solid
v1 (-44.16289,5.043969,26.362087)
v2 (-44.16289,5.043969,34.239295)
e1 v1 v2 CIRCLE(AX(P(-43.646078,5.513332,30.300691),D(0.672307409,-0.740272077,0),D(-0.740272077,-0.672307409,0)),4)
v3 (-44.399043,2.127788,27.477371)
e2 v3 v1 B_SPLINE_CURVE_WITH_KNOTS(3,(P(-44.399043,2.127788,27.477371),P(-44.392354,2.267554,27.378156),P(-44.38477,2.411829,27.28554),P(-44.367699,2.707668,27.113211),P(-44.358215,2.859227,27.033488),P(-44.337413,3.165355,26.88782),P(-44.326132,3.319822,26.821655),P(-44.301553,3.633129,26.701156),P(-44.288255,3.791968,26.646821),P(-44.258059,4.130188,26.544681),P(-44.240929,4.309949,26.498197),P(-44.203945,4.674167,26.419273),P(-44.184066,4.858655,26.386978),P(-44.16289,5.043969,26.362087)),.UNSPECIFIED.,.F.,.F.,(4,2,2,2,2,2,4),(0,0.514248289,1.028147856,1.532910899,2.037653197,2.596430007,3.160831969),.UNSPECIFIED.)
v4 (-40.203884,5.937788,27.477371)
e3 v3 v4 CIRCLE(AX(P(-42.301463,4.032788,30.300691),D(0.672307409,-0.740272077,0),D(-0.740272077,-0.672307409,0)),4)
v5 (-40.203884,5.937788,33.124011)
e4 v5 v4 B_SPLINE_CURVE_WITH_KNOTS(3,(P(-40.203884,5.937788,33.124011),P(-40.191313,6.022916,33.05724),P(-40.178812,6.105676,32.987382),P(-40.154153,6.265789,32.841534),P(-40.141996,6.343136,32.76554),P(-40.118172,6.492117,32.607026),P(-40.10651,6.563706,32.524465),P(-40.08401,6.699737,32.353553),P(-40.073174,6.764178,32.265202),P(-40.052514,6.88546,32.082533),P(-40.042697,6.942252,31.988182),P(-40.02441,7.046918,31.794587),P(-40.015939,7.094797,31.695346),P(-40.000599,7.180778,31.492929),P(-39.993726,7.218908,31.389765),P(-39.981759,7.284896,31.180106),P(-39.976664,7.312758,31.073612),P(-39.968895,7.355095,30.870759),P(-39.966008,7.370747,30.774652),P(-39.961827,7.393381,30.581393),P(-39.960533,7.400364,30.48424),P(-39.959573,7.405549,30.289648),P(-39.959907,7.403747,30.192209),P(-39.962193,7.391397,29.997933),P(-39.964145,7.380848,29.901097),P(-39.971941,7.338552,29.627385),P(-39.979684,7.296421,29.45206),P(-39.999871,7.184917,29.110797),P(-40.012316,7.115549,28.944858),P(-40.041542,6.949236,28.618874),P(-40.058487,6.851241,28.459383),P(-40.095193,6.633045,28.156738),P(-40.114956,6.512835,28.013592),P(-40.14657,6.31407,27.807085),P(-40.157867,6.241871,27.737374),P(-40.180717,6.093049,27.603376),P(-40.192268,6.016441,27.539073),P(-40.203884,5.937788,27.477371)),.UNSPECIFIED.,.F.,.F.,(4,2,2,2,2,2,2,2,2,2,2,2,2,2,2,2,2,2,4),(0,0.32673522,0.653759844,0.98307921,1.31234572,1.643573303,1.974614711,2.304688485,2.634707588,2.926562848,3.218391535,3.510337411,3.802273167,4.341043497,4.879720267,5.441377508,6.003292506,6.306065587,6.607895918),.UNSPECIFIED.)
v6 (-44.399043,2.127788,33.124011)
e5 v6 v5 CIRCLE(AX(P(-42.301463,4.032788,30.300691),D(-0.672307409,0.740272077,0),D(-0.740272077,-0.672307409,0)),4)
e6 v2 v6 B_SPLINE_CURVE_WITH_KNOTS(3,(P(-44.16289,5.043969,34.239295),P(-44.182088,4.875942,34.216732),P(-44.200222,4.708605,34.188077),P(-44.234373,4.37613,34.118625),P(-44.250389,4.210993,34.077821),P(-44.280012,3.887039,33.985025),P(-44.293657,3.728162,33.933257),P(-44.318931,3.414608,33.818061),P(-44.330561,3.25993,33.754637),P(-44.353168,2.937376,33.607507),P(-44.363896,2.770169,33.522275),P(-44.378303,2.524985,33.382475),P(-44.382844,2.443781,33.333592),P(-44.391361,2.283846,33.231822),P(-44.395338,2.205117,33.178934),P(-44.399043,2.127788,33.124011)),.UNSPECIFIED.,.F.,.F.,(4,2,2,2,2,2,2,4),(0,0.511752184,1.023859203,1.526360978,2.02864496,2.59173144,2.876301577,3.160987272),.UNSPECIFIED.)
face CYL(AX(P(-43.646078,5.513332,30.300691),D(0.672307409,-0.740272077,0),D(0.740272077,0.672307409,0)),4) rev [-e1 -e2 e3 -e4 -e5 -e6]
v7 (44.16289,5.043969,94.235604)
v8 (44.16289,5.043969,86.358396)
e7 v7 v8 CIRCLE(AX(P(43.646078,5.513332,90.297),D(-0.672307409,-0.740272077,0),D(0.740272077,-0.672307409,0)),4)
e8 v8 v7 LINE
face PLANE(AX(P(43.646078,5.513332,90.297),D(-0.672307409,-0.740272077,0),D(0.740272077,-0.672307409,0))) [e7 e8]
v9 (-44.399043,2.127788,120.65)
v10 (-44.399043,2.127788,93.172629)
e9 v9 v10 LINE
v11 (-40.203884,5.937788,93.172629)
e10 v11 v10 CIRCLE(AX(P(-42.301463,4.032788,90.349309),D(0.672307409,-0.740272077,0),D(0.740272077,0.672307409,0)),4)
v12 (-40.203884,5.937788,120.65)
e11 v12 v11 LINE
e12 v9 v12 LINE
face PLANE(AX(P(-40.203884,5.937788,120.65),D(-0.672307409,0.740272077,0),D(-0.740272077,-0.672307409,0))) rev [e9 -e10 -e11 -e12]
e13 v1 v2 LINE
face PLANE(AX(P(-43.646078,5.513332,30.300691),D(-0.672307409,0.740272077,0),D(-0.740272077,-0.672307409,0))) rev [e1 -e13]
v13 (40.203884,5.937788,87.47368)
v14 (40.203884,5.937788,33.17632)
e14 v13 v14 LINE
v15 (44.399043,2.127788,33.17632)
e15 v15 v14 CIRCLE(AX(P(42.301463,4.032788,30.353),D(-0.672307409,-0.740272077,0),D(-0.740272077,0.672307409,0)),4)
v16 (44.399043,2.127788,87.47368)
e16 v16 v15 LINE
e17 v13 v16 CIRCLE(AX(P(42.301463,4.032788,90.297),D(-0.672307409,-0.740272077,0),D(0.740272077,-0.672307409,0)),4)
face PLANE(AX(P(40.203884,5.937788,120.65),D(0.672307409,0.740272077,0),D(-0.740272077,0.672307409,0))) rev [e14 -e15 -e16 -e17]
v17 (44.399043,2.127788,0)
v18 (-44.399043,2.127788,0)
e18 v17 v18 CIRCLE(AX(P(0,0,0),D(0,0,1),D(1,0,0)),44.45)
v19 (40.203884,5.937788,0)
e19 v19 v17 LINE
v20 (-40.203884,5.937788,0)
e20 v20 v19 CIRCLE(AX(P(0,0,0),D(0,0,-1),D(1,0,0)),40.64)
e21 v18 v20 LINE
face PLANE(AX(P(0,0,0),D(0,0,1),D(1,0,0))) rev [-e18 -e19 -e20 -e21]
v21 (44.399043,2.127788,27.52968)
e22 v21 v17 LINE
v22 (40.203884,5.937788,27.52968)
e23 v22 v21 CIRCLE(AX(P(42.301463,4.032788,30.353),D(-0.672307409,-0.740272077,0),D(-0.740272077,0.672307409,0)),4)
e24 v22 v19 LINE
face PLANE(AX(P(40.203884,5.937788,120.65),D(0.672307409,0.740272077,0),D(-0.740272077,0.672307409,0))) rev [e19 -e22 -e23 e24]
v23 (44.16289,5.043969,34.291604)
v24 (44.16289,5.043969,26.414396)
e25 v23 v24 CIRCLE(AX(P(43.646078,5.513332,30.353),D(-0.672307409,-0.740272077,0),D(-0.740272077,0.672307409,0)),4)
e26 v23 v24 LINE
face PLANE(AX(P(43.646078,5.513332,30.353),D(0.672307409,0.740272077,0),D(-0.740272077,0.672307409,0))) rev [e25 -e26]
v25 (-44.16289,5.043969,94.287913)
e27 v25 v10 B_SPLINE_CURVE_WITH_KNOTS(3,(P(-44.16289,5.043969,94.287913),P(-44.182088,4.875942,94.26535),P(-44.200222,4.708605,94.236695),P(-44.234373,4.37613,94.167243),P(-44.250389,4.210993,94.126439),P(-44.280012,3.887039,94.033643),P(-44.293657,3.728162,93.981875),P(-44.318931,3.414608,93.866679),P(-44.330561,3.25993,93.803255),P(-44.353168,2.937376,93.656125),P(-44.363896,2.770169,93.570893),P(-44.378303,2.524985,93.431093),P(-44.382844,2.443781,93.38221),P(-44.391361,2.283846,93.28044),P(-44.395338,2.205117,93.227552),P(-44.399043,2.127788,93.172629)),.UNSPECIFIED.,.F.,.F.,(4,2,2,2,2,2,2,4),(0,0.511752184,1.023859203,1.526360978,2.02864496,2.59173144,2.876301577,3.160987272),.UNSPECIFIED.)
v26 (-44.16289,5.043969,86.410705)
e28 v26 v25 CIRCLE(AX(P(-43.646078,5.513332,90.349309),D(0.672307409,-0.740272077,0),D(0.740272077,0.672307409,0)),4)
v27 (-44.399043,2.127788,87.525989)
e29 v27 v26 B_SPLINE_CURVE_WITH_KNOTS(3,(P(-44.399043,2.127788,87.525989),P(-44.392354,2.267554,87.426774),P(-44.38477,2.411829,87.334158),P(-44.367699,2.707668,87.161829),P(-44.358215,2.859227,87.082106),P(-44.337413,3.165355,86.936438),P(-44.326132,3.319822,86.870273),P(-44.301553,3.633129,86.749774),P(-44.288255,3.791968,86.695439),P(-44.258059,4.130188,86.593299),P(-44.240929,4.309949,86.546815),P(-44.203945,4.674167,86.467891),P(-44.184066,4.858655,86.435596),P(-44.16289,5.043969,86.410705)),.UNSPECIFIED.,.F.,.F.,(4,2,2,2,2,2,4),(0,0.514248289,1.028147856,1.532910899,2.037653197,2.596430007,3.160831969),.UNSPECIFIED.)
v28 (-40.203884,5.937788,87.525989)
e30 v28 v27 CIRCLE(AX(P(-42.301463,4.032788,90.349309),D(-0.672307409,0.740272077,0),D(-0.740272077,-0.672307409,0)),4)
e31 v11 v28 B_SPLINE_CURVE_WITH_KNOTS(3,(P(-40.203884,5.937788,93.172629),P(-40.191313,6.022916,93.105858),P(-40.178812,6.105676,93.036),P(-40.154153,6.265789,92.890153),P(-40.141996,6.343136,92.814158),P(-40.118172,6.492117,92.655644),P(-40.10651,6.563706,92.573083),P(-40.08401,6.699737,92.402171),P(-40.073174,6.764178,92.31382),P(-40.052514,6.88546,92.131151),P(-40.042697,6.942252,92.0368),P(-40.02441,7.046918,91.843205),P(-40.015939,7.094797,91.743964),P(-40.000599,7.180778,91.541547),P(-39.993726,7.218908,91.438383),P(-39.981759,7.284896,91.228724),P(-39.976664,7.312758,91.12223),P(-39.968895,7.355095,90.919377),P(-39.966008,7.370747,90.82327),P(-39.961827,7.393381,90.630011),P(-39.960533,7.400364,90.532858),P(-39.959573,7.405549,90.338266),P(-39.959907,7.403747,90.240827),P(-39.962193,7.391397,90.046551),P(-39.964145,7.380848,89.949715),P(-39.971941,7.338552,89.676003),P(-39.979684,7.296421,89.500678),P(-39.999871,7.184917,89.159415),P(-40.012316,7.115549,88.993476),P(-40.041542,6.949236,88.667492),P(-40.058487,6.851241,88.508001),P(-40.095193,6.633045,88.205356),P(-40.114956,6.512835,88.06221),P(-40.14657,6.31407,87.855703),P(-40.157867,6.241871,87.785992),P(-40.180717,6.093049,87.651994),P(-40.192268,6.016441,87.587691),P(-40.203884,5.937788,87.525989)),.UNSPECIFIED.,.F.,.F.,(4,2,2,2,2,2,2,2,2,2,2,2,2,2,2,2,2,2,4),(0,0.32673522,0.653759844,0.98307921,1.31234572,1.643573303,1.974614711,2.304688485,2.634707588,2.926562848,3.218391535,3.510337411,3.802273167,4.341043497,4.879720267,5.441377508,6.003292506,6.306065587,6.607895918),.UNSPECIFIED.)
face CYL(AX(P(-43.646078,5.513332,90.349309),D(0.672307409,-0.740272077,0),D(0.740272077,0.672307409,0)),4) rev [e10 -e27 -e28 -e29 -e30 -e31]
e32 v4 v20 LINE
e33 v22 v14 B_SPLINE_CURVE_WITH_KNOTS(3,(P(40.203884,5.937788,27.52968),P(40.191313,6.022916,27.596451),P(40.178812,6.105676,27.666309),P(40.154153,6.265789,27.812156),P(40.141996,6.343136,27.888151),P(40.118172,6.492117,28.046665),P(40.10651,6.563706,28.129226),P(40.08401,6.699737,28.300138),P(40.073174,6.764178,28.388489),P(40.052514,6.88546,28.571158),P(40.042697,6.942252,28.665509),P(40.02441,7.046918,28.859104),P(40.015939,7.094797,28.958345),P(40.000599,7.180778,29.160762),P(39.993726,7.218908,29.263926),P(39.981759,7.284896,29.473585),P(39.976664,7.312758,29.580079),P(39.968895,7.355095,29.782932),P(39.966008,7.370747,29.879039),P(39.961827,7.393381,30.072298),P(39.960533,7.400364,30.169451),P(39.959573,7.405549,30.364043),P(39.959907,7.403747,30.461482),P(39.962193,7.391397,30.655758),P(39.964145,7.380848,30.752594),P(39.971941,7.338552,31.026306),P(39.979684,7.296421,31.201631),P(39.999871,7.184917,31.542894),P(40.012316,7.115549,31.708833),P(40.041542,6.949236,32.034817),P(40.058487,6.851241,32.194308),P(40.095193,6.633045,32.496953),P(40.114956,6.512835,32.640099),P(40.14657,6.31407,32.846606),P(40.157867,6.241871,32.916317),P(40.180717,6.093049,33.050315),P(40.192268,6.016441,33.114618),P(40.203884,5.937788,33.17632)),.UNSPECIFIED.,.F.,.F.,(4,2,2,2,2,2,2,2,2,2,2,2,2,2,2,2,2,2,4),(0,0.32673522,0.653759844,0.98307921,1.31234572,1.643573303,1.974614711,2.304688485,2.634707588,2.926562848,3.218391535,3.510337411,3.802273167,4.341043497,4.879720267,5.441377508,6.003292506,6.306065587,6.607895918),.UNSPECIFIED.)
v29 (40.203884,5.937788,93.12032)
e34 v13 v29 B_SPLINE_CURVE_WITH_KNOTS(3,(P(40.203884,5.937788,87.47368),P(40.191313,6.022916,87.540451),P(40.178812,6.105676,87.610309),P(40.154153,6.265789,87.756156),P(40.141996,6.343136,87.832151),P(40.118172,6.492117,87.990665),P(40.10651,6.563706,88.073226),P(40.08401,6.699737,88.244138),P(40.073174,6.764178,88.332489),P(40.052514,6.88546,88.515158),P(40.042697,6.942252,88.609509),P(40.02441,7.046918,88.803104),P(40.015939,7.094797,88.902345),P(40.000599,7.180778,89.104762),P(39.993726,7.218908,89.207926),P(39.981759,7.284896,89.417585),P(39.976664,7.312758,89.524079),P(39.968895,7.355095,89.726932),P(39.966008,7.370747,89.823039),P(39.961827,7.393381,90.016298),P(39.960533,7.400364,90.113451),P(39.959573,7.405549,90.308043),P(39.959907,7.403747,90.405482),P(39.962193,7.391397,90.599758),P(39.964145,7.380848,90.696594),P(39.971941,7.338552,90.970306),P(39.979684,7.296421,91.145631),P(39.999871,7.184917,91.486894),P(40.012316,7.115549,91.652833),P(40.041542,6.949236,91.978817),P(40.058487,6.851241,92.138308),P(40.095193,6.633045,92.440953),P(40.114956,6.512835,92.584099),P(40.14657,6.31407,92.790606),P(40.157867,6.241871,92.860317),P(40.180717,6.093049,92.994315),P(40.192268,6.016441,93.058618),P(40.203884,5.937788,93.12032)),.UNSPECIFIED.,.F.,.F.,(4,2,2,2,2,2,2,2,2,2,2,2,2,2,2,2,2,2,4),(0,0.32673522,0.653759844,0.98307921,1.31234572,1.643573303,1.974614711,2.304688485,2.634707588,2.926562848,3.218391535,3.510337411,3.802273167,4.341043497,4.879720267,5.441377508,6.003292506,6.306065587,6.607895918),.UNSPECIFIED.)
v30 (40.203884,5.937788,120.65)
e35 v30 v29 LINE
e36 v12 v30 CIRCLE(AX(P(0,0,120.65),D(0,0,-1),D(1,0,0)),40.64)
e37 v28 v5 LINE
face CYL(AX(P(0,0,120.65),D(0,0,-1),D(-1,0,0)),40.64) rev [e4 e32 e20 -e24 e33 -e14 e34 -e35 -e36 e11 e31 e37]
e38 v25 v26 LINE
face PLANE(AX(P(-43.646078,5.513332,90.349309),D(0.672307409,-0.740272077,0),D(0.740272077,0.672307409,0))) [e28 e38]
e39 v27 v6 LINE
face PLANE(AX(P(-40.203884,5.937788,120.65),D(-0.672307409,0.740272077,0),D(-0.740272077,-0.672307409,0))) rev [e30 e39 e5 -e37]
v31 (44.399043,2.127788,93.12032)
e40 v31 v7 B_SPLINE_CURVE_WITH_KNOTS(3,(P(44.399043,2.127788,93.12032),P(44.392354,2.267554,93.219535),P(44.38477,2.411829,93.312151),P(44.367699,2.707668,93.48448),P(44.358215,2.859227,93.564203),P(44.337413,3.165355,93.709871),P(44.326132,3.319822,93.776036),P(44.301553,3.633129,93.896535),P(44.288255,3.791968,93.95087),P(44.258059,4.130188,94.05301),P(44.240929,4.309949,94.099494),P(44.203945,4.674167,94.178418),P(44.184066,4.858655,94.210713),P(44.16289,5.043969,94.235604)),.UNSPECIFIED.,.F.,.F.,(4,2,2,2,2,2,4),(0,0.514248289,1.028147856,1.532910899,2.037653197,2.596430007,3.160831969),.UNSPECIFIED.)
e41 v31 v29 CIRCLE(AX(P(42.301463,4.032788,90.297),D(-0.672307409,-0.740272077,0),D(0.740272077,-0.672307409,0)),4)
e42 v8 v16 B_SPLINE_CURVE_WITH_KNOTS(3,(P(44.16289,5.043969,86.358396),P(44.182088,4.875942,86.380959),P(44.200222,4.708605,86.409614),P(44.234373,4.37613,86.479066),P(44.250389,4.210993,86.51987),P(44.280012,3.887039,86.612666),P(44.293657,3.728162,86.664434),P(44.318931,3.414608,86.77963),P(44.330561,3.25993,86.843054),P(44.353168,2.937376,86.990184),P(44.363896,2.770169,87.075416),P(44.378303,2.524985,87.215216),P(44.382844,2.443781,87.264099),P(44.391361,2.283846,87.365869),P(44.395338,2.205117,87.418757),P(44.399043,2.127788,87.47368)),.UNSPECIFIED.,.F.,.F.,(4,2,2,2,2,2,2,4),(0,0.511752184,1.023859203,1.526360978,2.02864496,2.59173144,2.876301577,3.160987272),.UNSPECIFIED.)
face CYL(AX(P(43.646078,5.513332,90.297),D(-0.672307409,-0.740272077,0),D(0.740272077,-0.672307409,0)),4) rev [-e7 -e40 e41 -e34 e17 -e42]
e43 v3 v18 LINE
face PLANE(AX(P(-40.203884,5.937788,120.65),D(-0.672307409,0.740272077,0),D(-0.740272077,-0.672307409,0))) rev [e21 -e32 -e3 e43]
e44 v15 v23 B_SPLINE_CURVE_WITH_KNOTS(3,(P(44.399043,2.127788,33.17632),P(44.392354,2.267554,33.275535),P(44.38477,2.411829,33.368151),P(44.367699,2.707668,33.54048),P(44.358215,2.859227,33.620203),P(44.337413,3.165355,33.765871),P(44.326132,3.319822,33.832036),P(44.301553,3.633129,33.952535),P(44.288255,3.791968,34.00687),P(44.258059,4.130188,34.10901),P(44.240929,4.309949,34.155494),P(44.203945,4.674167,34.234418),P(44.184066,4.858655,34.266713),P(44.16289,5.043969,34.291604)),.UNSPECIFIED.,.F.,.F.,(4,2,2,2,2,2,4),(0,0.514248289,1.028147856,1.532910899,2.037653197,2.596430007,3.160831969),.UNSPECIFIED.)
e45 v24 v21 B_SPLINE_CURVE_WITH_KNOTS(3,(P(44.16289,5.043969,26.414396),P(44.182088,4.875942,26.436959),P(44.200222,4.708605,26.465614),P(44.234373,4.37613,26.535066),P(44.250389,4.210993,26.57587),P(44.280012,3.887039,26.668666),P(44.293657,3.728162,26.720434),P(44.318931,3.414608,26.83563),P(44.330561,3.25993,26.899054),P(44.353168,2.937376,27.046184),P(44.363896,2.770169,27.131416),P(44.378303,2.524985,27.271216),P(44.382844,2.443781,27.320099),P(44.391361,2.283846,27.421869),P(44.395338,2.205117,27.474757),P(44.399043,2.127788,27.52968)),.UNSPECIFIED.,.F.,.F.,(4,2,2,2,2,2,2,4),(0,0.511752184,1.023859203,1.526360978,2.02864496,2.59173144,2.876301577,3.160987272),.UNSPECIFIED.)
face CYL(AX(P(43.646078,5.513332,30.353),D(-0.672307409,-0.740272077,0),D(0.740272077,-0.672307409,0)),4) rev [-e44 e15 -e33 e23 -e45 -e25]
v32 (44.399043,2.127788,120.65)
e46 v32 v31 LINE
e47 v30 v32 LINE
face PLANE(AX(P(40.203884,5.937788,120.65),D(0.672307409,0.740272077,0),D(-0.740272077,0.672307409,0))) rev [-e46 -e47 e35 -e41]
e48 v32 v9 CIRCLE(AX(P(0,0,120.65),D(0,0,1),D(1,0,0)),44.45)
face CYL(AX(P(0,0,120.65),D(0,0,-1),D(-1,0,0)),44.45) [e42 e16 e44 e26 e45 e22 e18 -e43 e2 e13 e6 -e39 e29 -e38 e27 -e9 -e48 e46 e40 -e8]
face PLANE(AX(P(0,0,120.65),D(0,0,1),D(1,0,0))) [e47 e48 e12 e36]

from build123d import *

# Parameters (mm, degrees)
BOSS_EXTRUDE1_DEPTH = 120.65
SKETCH2_R           = 4
CUT_EXTRUDE1_DEPTH  = 2
SKETCH3_R           = 4
CUT_EXTRUDE2_DEPTH  = 2


with BuildPart() as part:
    # Sketch1 → Boss-Extrude1 (new body)
    with BuildSketch(Plane.XY):
        with BuildLine():
            Line((-40.203883769, 5.937788296), (-44.399042974, 2.127788296))
            ThreePointArc((-44.399042974, 2.127788296), (0, 44.45), (44.399042974, 2.127788296))
            Line((44.399042974, 2.127788296), (40.203883769, 5.937788296))
            ThreePointArc((40.203883769, 5.937788296), (0, 40.64), (-40.203883769, 5.937788296))
        make_face()
    extrude(amount=BOSS_EXTRUDE1_DEPTH)

    # Sketch2 → Cut-Extrude1 (cut)
    with BuildSketch(Plane(origin=(-21.127225221, 23.263011377, 0), x_dir=(0.7402720771062566, 0.6723074087475077, 0), z_dir=(0.6723074087475077, -0.7402720771062566, 0))):
        with Locations((-28.603318705, 90.349309036)):
            Circle(SKETCH2_R)
        with Locations((-28.603318705, 30.300690964)):
            Circle(SKETCH2_R)
    extrude(amount=-CUT_EXTRUDE1_DEPTH, mode=Mode.SUBTRACT)

    # Sketch3 → Cut-Extrude2 (cut)
    with BuildSketch(Plane(origin=(21.127225221, 23.263011377, 0), x_dir=(0.7402720771062566, -0.6723074087475077, 0), z_dir=(-0.6723074087475077, -0.7402720771062566, 0))):
        with Locations((28.603318705, 90.297)):
            Circle(SKETCH3_R)
        with Locations((28.603318705, 30.353)):
            Circle(SKETCH3_R)
    extrude(amount=-CUT_EXTRUDE2_DEPTH, mode=Mode.SUBTRACT)


solid = part.part
